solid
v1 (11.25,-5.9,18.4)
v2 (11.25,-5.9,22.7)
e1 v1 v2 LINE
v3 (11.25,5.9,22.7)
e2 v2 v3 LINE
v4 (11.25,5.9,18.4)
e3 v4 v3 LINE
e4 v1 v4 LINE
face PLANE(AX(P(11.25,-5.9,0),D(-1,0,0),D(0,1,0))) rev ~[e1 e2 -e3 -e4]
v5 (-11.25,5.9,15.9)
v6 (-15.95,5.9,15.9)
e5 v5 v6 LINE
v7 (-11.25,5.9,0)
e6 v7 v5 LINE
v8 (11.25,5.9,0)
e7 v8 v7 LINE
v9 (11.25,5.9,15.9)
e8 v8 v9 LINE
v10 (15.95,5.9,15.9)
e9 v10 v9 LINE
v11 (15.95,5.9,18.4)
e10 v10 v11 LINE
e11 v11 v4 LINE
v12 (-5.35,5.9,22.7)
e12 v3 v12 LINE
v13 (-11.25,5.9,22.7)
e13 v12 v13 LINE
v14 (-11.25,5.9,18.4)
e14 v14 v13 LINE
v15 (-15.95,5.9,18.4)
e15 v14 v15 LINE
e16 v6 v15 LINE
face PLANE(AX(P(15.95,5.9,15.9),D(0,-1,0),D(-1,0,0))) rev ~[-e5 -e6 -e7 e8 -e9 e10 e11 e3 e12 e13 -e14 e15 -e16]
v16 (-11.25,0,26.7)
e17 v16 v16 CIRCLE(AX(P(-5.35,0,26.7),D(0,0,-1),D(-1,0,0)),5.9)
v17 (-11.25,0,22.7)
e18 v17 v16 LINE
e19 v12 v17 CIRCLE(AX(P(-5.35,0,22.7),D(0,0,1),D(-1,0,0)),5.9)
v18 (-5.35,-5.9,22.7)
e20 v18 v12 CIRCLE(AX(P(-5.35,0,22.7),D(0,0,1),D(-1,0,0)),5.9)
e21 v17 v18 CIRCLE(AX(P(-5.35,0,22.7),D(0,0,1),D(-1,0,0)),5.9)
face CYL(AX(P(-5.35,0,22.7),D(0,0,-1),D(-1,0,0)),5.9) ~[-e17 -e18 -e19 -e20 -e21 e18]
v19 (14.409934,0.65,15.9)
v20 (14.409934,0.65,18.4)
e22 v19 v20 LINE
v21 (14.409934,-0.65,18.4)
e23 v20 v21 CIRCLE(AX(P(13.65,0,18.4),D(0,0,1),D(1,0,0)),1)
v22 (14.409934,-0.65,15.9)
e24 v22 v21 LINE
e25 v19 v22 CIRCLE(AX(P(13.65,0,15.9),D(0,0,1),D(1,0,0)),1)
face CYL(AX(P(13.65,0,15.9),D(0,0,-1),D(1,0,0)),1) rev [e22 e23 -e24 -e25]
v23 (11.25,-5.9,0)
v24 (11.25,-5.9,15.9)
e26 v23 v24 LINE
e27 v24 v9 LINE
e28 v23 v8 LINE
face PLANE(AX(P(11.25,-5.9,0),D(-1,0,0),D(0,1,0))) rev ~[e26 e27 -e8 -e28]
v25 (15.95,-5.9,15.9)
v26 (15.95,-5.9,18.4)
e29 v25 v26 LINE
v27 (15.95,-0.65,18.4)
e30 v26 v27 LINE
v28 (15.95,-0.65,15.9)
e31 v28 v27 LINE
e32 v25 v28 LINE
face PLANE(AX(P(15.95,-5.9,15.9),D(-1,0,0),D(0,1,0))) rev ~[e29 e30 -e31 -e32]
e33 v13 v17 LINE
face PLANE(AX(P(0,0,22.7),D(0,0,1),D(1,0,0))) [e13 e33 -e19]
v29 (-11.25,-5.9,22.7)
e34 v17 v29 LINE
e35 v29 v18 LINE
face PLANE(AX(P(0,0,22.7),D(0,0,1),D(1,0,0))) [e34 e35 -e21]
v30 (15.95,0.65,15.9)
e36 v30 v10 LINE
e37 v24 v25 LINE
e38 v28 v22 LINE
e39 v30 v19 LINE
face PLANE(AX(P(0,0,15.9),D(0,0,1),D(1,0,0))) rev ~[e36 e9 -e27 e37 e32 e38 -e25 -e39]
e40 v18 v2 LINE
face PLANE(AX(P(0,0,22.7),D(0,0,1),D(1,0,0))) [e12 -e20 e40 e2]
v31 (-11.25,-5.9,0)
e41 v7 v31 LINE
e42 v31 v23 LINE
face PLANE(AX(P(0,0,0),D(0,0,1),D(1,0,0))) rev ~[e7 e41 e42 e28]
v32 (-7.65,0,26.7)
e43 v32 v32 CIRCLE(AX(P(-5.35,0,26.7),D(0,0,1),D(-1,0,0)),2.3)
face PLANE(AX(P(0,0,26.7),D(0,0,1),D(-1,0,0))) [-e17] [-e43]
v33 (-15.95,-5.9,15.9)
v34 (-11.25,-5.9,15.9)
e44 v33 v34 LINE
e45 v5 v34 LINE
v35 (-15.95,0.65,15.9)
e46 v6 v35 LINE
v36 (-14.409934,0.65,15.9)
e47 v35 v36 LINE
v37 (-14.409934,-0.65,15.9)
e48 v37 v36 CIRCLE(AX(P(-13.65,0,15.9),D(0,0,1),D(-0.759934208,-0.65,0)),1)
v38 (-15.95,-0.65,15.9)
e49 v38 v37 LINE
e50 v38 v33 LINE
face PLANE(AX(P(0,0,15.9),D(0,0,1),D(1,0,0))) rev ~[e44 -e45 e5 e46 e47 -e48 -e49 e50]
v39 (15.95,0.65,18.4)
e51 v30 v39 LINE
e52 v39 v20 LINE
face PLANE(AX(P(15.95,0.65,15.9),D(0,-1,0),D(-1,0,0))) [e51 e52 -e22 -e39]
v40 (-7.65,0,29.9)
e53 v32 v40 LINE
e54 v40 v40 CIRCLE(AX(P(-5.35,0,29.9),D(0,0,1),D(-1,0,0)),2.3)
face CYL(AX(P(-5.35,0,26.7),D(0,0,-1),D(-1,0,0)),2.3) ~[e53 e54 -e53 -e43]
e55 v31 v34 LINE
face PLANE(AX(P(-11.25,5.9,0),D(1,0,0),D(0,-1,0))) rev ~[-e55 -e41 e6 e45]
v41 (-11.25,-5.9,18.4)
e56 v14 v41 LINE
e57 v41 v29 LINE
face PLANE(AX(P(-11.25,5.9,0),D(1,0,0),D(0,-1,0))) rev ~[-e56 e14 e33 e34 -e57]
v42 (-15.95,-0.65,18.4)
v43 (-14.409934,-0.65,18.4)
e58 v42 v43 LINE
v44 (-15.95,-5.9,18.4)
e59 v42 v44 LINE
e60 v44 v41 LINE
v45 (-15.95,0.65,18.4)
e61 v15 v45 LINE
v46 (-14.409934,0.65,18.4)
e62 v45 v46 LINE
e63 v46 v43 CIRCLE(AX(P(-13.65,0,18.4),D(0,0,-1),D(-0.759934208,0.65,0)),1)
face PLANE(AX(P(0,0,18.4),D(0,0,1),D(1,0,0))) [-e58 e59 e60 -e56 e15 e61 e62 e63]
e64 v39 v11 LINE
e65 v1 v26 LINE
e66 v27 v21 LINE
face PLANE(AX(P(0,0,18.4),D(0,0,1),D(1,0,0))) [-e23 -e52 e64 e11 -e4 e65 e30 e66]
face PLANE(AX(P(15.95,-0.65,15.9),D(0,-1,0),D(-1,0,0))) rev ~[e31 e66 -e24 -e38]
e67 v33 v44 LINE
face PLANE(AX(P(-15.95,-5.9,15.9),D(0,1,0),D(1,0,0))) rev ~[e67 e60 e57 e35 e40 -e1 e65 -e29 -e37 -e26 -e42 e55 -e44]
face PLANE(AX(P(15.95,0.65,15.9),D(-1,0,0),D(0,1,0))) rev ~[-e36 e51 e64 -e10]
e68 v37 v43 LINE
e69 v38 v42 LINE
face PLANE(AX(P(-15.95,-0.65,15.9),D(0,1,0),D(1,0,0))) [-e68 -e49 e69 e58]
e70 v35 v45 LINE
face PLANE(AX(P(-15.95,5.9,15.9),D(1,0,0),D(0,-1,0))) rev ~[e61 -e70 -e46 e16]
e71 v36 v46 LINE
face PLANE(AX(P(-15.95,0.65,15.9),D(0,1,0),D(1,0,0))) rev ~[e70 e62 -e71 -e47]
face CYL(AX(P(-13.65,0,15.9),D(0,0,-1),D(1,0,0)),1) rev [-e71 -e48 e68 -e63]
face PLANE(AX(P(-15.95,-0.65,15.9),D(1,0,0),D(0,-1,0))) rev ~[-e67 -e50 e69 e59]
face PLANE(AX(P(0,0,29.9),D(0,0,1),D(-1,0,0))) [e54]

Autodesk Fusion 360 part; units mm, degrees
sketch "Sketch1" plane through (0, 0, 0) normal (0, 0, 1) x (1, 0, 0)
  line L0 (11.25, 5.9) -> (-11.25, 5.9)
  line L1 (-11.25, 5.9) -> (-11.25, -5.9)
  line L2 (-11.25, -5.9) -> (11.25, -5.9)
  line L3 (11.25, -5.9) -> (11.25, 5.9)
  line L4 (11.25, 5.9) -> (-11.25, -5.9) construction
  line L5 (-11.25, 5.9) -> (11.25, -5.9) construction
  dimension "d1" = 22.5
  dimension "d2" = 11.8
extrude "Extrude1" add sketch "Sketch1" along normal blind 22.7 makes body 1
sketch "Sketch2" plane through (0, 0, 0) normal (0, 0, 1) x (1, 0, 0)
sketch "Sketch3" plane through (0, 0, 0) normal (0, 0, 1) x (1, 0, 0)
  line L0 (-15.95, -5.9) -> (15.95, -5.9)
  line L1 (15.95, -5.9) -> (15.95, 5.9)
  line L2 (15.95, 5.9) -> (-15.95, 5.9)
  line L3 (-15.95, 5.9) -> (-15.95, -5.9)
  line L4 (-15.95, -5.9) -> (15.95, 5.9) construction
  line L5 (15.95, -5.9) -> (-15.95, 5.9) construction
  line L6 (-15.95, 0) -> (-15.95, -0.65) construction
  line L7 (-15.95, -0.65) -> (-13.65, -0.65)
  circle A0 centre (-13.65, 0) radius 1
  line L8 (-15.95, 0) -> (-15.95, 0.65) construction
  line L9 (-15.95, 0.65) -> (-13.65, 0.65)
  line L10 (15.95, 0) -> (15.95, -0.65) construction
  line L11 (15.95, -0.65) -> (13.65, -0.65)
  line L12 (15.95, 0) -> (15.95, 0.65)
  line L13 (15.95, 0.65) -> (13.65, 0.65)
  line L14 (13.65, -0.65) -> (13.65, 0.65) construction
  circle A1 centre (13.65, 0) radius 1
  line L15 (15.95, 0.65) -> (15.95, -0.65)
  line L16 (-15.95, 0.65) -> (-15.95, -0.65)
  dimension "d5" = 31.9
  dimension "d6" = 11.8
  dimension "d9" = 0.65
  dimension "d10" = 2.3
  dimension "d11" = 2
  dimension "d12" = 0.65
  dimension "d13" = 0.65
  dimension "d14" = 2.3
  dimension "d15" = 0.65
  dimension "d16" = 2.3
  dimension "d17" = 2
extrude "Extrude2" add sketch "Sketch3" along normal blind 2.5 separate body contours L0 L1 L2 L3 L7 A0 L9 L11 L13 A1 makes body 2
move_body "Move1" bodies 2 to x (1, 0, 0) y (0, 1, 0) z (0, 0, 1) at (0, 0, 15.9)
sketch "Sketch4" plane through (0, 0, 22.7) normal (0, 0, 1) x (-1, 0, 0)
  line L0 (-11.25, 5.9) -> (-11.25, -5.9)
  line L1 (-11.25, -5.9) -> (11.25, -5.9)
  line L2 (11.25, -5.9) -> (11.25, 5.9)
  line L3 (11.25, 5.9) -> (-11.25, 5.9)
  line L4 (11.25, 0) -> (5.35, 0) construction
  circle A0 centre (5.35, 0) radius 5.9
  dimension "d18" = 5.9
  dimension "d19" = 11.8
extrude "Extrude3" add sketch "Sketch4" along normal blind 4 contours A0 bodies 1
combine "Combine1" operation add target body 1 tool bodies 2
sketch "Sketch6" plane through (0, 0, 26.7) normal (0, 0, 1) x (-1, 0, 0)
  circle A0 centre (5.35, 0) radius 5.9
  circle A1 centre (5.35, 0) radius 2.3
  dimension "d22" = 4.6
extrude "Extrude4" add sketch "Sketch6" along normal blind 3.2 contours A1 bodies 1
